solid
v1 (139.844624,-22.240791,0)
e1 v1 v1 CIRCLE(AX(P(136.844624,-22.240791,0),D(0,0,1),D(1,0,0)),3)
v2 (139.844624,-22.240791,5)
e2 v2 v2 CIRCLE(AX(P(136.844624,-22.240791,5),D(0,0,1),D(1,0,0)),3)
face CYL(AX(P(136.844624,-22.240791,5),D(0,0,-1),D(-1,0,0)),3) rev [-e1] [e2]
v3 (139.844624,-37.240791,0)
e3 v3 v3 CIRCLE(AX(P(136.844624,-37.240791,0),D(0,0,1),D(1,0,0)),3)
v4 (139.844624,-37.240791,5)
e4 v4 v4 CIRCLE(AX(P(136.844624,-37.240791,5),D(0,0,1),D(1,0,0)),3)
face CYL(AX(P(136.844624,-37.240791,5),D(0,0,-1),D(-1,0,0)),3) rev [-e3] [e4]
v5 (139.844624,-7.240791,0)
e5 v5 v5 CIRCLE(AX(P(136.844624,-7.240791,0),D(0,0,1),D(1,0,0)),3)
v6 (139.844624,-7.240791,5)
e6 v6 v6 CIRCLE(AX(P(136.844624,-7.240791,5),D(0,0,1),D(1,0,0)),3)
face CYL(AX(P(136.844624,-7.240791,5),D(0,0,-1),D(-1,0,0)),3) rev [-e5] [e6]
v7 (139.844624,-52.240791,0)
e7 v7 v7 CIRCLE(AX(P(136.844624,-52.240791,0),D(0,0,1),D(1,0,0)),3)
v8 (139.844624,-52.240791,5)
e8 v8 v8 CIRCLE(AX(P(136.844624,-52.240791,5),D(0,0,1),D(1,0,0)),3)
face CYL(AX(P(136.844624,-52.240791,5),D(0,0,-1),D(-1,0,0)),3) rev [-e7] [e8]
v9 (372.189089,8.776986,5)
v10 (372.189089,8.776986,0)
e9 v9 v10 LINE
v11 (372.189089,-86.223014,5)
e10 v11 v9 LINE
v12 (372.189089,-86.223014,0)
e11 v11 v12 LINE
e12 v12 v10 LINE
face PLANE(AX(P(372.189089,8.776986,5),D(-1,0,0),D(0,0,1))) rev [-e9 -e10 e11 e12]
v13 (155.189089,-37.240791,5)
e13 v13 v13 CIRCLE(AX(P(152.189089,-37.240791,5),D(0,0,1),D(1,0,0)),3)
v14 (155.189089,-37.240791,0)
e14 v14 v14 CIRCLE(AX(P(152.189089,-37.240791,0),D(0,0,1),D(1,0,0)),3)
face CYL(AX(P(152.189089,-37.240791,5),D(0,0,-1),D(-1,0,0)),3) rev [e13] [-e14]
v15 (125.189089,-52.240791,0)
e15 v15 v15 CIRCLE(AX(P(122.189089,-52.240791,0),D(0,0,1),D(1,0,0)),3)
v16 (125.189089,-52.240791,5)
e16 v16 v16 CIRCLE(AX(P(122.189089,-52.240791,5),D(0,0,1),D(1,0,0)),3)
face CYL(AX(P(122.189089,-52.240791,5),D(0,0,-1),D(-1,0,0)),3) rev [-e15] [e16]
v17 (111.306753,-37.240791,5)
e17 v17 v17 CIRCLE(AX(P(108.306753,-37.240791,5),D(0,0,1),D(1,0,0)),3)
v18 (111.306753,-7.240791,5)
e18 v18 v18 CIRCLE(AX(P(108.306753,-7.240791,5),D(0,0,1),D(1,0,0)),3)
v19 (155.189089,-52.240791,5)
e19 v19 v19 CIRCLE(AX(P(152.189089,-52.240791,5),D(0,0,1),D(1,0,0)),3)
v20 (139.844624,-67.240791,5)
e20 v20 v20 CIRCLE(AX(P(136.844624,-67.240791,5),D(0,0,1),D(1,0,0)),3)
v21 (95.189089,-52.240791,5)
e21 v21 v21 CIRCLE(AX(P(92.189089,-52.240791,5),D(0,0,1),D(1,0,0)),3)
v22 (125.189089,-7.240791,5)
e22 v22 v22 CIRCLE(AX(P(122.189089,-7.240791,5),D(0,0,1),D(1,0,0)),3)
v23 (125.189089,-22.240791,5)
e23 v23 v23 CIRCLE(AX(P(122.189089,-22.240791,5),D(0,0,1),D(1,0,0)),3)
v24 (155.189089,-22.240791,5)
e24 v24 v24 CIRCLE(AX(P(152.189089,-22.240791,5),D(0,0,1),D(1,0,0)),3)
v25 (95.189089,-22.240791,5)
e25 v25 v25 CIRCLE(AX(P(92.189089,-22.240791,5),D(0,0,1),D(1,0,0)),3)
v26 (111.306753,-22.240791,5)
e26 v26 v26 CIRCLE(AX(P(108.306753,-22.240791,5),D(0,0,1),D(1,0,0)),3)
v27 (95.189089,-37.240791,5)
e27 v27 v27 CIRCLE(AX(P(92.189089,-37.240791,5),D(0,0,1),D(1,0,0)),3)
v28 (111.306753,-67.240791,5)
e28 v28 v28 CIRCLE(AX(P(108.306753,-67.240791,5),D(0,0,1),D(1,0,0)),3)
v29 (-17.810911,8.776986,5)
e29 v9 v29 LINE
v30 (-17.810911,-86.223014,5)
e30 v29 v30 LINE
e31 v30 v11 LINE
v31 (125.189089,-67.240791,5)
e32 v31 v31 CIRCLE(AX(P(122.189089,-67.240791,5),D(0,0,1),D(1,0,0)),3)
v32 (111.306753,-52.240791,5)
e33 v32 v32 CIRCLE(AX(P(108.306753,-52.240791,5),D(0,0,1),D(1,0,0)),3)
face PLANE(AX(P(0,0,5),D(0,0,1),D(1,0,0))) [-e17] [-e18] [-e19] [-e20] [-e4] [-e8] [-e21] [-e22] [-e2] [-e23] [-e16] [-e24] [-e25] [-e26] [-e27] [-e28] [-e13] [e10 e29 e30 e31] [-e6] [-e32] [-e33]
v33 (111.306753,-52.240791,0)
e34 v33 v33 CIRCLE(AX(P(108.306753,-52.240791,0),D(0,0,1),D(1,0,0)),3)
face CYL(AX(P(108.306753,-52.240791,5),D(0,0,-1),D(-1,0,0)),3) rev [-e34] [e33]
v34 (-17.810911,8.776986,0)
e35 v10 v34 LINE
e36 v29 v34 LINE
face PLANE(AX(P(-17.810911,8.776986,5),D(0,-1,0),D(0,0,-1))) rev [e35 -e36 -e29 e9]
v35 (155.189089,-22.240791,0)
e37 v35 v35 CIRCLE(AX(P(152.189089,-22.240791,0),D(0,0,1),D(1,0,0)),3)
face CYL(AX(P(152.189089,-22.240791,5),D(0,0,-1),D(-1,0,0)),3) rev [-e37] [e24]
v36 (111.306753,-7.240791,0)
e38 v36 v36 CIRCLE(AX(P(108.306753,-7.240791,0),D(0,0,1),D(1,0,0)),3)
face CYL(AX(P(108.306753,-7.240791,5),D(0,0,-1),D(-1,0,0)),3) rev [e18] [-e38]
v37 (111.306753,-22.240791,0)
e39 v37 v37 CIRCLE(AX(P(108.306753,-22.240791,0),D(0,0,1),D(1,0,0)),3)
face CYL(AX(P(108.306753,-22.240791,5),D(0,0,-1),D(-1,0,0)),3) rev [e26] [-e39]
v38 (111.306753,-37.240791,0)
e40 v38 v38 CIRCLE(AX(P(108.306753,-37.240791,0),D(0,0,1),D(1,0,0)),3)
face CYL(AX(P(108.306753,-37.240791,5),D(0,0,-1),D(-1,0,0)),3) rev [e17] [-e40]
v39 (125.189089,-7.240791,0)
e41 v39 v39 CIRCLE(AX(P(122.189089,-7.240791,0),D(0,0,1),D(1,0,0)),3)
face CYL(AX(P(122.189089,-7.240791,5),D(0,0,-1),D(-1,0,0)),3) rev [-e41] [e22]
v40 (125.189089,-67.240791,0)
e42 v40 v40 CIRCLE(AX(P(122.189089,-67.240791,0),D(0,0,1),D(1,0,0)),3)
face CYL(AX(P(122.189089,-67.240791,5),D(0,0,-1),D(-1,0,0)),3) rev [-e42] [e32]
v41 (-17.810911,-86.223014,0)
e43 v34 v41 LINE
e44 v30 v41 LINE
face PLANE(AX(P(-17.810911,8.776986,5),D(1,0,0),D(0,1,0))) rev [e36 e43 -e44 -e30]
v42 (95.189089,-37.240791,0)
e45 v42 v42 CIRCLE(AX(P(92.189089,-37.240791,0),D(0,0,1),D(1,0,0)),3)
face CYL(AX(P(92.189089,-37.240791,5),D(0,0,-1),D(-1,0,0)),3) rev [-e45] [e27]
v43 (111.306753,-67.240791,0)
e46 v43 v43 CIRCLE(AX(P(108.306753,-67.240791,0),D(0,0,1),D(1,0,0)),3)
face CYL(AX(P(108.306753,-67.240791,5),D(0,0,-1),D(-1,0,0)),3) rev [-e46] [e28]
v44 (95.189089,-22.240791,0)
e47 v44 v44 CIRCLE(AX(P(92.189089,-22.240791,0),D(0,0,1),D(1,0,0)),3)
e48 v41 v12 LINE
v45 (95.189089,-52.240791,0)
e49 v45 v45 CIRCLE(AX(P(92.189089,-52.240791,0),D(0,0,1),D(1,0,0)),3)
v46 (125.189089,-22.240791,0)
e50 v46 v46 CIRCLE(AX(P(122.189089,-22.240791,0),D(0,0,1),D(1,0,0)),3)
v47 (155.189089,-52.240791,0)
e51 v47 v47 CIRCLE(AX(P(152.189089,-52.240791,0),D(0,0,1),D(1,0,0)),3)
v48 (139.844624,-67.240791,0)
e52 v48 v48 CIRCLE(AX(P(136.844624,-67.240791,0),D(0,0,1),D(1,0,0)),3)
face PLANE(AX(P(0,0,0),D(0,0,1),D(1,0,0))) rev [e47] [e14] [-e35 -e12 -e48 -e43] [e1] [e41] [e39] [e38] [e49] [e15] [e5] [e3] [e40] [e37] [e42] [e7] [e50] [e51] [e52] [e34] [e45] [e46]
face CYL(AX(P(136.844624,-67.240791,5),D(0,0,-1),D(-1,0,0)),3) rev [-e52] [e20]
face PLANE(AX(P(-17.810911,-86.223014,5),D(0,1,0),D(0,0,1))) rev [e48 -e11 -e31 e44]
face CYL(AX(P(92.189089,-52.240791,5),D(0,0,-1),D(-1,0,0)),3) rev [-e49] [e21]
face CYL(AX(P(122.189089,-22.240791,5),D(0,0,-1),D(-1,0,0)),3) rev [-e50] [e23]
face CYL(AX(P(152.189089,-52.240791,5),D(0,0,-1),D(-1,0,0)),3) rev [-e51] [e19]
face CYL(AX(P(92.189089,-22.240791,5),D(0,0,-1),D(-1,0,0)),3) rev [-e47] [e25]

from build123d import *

# Parameters (mm, degrees)
CROQUIS1_W              = 390
CROQUIS1_H              = 95
CROQUIS1_R              = 3
SALIENTE_EXTRUIR1_DEPTH = 5


with BuildPart() as part:
    # Croquis1 → Saliente-Extruir1 (new body)
    with BuildSketch(Plane.XY):
        with Locations((177.18908942, -38.723014257)):
            Rectangle(CROQUIS1_W, CROQUIS1_H)
        with Locations((92.18908942, -37.240791093)):
            Circle(CROQUIS1_R, mode=Mode.SUBTRACT)
        with Locations((152.18908942, -37.240791093)):
            Circle(CROQUIS1_R, mode=Mode.SUBTRACT)
        with Locations((108.306752514, -37.240791093)):
            Circle(CROQUIS1_R, mode=Mode.SUBTRACT)
        with Locations((122.18908942, -7.240791093)):
            Circle(CROQUIS1_R, mode=Mode.SUBTRACT)
        with Locations((122.18908942, -67.240791093)):
            Circle(CROQUIS1_R, mode=Mode.SUBTRACT)
        with Locations((122.18908942, -52.240791093)):
            Circle(CROQUIS1_R, mode=Mode.SUBTRACT)
        with Locations((136.844623791, -37.240791093)):
            Circle(CROQUIS1_R, mode=Mode.SUBTRACT)
        with Locations((122.18908942, -22.240791093)):
            Circle(CROQUIS1_R, mode=Mode.SUBTRACT)
        with Locations((136.844623791, -52.240791093)):
            Circle(CROQUIS1_R, mode=Mode.SUBTRACT)
        with Locations((108.306752514, -52.240791093)):
            Circle(CROQUIS1_R, mode=Mode.SUBTRACT)
        with Locations((136.844623791, -22.240791093)):
            Circle(CROQUIS1_R, mode=Mode.SUBTRACT)
        with Locations((108.306752514, -22.240791093)):
            Circle(CROQUIS1_R, mode=Mode.SUBTRACT)
        with Locations((152.18908942, -22.240791093)):
            Circle(CROQUIS1_R, mode=Mode.SUBTRACT)
        with Locations((136.844623791, -7.240791093)):
            Circle(CROQUIS1_R, mode=Mode.SUBTRACT)
        with Locations((152.18908942, -52.240791093)):
            Circle(CROQUIS1_R, mode=Mode.SUBTRACT)
        with Locations((136.844623791, -67.240791093)):
            Circle(CROQUIS1_R, mode=Mode.SUBTRACT)
        with Locations((108.306752514, -67.240791093)):
            Circle(CROQUIS1_R, mode=Mode.SUBTRACT)
        with Locations((92.18908942, -52.240791093)):
            Circle(CROQUIS1_R, mode=Mode.SUBTRACT)
        with Locations((92.18908942, -22.240791093)):
            Circle(CROQUIS1_R, mode=Mode.SUBTRACT)
        with Locations((108.306752514, -7.240791093)):
            Circle(CROQUIS1_R, mode=Mode.SUBTRACT)
    extrude(amount=SALIENTE_EXTRUIR1_DEPTH)


solid = part.part
